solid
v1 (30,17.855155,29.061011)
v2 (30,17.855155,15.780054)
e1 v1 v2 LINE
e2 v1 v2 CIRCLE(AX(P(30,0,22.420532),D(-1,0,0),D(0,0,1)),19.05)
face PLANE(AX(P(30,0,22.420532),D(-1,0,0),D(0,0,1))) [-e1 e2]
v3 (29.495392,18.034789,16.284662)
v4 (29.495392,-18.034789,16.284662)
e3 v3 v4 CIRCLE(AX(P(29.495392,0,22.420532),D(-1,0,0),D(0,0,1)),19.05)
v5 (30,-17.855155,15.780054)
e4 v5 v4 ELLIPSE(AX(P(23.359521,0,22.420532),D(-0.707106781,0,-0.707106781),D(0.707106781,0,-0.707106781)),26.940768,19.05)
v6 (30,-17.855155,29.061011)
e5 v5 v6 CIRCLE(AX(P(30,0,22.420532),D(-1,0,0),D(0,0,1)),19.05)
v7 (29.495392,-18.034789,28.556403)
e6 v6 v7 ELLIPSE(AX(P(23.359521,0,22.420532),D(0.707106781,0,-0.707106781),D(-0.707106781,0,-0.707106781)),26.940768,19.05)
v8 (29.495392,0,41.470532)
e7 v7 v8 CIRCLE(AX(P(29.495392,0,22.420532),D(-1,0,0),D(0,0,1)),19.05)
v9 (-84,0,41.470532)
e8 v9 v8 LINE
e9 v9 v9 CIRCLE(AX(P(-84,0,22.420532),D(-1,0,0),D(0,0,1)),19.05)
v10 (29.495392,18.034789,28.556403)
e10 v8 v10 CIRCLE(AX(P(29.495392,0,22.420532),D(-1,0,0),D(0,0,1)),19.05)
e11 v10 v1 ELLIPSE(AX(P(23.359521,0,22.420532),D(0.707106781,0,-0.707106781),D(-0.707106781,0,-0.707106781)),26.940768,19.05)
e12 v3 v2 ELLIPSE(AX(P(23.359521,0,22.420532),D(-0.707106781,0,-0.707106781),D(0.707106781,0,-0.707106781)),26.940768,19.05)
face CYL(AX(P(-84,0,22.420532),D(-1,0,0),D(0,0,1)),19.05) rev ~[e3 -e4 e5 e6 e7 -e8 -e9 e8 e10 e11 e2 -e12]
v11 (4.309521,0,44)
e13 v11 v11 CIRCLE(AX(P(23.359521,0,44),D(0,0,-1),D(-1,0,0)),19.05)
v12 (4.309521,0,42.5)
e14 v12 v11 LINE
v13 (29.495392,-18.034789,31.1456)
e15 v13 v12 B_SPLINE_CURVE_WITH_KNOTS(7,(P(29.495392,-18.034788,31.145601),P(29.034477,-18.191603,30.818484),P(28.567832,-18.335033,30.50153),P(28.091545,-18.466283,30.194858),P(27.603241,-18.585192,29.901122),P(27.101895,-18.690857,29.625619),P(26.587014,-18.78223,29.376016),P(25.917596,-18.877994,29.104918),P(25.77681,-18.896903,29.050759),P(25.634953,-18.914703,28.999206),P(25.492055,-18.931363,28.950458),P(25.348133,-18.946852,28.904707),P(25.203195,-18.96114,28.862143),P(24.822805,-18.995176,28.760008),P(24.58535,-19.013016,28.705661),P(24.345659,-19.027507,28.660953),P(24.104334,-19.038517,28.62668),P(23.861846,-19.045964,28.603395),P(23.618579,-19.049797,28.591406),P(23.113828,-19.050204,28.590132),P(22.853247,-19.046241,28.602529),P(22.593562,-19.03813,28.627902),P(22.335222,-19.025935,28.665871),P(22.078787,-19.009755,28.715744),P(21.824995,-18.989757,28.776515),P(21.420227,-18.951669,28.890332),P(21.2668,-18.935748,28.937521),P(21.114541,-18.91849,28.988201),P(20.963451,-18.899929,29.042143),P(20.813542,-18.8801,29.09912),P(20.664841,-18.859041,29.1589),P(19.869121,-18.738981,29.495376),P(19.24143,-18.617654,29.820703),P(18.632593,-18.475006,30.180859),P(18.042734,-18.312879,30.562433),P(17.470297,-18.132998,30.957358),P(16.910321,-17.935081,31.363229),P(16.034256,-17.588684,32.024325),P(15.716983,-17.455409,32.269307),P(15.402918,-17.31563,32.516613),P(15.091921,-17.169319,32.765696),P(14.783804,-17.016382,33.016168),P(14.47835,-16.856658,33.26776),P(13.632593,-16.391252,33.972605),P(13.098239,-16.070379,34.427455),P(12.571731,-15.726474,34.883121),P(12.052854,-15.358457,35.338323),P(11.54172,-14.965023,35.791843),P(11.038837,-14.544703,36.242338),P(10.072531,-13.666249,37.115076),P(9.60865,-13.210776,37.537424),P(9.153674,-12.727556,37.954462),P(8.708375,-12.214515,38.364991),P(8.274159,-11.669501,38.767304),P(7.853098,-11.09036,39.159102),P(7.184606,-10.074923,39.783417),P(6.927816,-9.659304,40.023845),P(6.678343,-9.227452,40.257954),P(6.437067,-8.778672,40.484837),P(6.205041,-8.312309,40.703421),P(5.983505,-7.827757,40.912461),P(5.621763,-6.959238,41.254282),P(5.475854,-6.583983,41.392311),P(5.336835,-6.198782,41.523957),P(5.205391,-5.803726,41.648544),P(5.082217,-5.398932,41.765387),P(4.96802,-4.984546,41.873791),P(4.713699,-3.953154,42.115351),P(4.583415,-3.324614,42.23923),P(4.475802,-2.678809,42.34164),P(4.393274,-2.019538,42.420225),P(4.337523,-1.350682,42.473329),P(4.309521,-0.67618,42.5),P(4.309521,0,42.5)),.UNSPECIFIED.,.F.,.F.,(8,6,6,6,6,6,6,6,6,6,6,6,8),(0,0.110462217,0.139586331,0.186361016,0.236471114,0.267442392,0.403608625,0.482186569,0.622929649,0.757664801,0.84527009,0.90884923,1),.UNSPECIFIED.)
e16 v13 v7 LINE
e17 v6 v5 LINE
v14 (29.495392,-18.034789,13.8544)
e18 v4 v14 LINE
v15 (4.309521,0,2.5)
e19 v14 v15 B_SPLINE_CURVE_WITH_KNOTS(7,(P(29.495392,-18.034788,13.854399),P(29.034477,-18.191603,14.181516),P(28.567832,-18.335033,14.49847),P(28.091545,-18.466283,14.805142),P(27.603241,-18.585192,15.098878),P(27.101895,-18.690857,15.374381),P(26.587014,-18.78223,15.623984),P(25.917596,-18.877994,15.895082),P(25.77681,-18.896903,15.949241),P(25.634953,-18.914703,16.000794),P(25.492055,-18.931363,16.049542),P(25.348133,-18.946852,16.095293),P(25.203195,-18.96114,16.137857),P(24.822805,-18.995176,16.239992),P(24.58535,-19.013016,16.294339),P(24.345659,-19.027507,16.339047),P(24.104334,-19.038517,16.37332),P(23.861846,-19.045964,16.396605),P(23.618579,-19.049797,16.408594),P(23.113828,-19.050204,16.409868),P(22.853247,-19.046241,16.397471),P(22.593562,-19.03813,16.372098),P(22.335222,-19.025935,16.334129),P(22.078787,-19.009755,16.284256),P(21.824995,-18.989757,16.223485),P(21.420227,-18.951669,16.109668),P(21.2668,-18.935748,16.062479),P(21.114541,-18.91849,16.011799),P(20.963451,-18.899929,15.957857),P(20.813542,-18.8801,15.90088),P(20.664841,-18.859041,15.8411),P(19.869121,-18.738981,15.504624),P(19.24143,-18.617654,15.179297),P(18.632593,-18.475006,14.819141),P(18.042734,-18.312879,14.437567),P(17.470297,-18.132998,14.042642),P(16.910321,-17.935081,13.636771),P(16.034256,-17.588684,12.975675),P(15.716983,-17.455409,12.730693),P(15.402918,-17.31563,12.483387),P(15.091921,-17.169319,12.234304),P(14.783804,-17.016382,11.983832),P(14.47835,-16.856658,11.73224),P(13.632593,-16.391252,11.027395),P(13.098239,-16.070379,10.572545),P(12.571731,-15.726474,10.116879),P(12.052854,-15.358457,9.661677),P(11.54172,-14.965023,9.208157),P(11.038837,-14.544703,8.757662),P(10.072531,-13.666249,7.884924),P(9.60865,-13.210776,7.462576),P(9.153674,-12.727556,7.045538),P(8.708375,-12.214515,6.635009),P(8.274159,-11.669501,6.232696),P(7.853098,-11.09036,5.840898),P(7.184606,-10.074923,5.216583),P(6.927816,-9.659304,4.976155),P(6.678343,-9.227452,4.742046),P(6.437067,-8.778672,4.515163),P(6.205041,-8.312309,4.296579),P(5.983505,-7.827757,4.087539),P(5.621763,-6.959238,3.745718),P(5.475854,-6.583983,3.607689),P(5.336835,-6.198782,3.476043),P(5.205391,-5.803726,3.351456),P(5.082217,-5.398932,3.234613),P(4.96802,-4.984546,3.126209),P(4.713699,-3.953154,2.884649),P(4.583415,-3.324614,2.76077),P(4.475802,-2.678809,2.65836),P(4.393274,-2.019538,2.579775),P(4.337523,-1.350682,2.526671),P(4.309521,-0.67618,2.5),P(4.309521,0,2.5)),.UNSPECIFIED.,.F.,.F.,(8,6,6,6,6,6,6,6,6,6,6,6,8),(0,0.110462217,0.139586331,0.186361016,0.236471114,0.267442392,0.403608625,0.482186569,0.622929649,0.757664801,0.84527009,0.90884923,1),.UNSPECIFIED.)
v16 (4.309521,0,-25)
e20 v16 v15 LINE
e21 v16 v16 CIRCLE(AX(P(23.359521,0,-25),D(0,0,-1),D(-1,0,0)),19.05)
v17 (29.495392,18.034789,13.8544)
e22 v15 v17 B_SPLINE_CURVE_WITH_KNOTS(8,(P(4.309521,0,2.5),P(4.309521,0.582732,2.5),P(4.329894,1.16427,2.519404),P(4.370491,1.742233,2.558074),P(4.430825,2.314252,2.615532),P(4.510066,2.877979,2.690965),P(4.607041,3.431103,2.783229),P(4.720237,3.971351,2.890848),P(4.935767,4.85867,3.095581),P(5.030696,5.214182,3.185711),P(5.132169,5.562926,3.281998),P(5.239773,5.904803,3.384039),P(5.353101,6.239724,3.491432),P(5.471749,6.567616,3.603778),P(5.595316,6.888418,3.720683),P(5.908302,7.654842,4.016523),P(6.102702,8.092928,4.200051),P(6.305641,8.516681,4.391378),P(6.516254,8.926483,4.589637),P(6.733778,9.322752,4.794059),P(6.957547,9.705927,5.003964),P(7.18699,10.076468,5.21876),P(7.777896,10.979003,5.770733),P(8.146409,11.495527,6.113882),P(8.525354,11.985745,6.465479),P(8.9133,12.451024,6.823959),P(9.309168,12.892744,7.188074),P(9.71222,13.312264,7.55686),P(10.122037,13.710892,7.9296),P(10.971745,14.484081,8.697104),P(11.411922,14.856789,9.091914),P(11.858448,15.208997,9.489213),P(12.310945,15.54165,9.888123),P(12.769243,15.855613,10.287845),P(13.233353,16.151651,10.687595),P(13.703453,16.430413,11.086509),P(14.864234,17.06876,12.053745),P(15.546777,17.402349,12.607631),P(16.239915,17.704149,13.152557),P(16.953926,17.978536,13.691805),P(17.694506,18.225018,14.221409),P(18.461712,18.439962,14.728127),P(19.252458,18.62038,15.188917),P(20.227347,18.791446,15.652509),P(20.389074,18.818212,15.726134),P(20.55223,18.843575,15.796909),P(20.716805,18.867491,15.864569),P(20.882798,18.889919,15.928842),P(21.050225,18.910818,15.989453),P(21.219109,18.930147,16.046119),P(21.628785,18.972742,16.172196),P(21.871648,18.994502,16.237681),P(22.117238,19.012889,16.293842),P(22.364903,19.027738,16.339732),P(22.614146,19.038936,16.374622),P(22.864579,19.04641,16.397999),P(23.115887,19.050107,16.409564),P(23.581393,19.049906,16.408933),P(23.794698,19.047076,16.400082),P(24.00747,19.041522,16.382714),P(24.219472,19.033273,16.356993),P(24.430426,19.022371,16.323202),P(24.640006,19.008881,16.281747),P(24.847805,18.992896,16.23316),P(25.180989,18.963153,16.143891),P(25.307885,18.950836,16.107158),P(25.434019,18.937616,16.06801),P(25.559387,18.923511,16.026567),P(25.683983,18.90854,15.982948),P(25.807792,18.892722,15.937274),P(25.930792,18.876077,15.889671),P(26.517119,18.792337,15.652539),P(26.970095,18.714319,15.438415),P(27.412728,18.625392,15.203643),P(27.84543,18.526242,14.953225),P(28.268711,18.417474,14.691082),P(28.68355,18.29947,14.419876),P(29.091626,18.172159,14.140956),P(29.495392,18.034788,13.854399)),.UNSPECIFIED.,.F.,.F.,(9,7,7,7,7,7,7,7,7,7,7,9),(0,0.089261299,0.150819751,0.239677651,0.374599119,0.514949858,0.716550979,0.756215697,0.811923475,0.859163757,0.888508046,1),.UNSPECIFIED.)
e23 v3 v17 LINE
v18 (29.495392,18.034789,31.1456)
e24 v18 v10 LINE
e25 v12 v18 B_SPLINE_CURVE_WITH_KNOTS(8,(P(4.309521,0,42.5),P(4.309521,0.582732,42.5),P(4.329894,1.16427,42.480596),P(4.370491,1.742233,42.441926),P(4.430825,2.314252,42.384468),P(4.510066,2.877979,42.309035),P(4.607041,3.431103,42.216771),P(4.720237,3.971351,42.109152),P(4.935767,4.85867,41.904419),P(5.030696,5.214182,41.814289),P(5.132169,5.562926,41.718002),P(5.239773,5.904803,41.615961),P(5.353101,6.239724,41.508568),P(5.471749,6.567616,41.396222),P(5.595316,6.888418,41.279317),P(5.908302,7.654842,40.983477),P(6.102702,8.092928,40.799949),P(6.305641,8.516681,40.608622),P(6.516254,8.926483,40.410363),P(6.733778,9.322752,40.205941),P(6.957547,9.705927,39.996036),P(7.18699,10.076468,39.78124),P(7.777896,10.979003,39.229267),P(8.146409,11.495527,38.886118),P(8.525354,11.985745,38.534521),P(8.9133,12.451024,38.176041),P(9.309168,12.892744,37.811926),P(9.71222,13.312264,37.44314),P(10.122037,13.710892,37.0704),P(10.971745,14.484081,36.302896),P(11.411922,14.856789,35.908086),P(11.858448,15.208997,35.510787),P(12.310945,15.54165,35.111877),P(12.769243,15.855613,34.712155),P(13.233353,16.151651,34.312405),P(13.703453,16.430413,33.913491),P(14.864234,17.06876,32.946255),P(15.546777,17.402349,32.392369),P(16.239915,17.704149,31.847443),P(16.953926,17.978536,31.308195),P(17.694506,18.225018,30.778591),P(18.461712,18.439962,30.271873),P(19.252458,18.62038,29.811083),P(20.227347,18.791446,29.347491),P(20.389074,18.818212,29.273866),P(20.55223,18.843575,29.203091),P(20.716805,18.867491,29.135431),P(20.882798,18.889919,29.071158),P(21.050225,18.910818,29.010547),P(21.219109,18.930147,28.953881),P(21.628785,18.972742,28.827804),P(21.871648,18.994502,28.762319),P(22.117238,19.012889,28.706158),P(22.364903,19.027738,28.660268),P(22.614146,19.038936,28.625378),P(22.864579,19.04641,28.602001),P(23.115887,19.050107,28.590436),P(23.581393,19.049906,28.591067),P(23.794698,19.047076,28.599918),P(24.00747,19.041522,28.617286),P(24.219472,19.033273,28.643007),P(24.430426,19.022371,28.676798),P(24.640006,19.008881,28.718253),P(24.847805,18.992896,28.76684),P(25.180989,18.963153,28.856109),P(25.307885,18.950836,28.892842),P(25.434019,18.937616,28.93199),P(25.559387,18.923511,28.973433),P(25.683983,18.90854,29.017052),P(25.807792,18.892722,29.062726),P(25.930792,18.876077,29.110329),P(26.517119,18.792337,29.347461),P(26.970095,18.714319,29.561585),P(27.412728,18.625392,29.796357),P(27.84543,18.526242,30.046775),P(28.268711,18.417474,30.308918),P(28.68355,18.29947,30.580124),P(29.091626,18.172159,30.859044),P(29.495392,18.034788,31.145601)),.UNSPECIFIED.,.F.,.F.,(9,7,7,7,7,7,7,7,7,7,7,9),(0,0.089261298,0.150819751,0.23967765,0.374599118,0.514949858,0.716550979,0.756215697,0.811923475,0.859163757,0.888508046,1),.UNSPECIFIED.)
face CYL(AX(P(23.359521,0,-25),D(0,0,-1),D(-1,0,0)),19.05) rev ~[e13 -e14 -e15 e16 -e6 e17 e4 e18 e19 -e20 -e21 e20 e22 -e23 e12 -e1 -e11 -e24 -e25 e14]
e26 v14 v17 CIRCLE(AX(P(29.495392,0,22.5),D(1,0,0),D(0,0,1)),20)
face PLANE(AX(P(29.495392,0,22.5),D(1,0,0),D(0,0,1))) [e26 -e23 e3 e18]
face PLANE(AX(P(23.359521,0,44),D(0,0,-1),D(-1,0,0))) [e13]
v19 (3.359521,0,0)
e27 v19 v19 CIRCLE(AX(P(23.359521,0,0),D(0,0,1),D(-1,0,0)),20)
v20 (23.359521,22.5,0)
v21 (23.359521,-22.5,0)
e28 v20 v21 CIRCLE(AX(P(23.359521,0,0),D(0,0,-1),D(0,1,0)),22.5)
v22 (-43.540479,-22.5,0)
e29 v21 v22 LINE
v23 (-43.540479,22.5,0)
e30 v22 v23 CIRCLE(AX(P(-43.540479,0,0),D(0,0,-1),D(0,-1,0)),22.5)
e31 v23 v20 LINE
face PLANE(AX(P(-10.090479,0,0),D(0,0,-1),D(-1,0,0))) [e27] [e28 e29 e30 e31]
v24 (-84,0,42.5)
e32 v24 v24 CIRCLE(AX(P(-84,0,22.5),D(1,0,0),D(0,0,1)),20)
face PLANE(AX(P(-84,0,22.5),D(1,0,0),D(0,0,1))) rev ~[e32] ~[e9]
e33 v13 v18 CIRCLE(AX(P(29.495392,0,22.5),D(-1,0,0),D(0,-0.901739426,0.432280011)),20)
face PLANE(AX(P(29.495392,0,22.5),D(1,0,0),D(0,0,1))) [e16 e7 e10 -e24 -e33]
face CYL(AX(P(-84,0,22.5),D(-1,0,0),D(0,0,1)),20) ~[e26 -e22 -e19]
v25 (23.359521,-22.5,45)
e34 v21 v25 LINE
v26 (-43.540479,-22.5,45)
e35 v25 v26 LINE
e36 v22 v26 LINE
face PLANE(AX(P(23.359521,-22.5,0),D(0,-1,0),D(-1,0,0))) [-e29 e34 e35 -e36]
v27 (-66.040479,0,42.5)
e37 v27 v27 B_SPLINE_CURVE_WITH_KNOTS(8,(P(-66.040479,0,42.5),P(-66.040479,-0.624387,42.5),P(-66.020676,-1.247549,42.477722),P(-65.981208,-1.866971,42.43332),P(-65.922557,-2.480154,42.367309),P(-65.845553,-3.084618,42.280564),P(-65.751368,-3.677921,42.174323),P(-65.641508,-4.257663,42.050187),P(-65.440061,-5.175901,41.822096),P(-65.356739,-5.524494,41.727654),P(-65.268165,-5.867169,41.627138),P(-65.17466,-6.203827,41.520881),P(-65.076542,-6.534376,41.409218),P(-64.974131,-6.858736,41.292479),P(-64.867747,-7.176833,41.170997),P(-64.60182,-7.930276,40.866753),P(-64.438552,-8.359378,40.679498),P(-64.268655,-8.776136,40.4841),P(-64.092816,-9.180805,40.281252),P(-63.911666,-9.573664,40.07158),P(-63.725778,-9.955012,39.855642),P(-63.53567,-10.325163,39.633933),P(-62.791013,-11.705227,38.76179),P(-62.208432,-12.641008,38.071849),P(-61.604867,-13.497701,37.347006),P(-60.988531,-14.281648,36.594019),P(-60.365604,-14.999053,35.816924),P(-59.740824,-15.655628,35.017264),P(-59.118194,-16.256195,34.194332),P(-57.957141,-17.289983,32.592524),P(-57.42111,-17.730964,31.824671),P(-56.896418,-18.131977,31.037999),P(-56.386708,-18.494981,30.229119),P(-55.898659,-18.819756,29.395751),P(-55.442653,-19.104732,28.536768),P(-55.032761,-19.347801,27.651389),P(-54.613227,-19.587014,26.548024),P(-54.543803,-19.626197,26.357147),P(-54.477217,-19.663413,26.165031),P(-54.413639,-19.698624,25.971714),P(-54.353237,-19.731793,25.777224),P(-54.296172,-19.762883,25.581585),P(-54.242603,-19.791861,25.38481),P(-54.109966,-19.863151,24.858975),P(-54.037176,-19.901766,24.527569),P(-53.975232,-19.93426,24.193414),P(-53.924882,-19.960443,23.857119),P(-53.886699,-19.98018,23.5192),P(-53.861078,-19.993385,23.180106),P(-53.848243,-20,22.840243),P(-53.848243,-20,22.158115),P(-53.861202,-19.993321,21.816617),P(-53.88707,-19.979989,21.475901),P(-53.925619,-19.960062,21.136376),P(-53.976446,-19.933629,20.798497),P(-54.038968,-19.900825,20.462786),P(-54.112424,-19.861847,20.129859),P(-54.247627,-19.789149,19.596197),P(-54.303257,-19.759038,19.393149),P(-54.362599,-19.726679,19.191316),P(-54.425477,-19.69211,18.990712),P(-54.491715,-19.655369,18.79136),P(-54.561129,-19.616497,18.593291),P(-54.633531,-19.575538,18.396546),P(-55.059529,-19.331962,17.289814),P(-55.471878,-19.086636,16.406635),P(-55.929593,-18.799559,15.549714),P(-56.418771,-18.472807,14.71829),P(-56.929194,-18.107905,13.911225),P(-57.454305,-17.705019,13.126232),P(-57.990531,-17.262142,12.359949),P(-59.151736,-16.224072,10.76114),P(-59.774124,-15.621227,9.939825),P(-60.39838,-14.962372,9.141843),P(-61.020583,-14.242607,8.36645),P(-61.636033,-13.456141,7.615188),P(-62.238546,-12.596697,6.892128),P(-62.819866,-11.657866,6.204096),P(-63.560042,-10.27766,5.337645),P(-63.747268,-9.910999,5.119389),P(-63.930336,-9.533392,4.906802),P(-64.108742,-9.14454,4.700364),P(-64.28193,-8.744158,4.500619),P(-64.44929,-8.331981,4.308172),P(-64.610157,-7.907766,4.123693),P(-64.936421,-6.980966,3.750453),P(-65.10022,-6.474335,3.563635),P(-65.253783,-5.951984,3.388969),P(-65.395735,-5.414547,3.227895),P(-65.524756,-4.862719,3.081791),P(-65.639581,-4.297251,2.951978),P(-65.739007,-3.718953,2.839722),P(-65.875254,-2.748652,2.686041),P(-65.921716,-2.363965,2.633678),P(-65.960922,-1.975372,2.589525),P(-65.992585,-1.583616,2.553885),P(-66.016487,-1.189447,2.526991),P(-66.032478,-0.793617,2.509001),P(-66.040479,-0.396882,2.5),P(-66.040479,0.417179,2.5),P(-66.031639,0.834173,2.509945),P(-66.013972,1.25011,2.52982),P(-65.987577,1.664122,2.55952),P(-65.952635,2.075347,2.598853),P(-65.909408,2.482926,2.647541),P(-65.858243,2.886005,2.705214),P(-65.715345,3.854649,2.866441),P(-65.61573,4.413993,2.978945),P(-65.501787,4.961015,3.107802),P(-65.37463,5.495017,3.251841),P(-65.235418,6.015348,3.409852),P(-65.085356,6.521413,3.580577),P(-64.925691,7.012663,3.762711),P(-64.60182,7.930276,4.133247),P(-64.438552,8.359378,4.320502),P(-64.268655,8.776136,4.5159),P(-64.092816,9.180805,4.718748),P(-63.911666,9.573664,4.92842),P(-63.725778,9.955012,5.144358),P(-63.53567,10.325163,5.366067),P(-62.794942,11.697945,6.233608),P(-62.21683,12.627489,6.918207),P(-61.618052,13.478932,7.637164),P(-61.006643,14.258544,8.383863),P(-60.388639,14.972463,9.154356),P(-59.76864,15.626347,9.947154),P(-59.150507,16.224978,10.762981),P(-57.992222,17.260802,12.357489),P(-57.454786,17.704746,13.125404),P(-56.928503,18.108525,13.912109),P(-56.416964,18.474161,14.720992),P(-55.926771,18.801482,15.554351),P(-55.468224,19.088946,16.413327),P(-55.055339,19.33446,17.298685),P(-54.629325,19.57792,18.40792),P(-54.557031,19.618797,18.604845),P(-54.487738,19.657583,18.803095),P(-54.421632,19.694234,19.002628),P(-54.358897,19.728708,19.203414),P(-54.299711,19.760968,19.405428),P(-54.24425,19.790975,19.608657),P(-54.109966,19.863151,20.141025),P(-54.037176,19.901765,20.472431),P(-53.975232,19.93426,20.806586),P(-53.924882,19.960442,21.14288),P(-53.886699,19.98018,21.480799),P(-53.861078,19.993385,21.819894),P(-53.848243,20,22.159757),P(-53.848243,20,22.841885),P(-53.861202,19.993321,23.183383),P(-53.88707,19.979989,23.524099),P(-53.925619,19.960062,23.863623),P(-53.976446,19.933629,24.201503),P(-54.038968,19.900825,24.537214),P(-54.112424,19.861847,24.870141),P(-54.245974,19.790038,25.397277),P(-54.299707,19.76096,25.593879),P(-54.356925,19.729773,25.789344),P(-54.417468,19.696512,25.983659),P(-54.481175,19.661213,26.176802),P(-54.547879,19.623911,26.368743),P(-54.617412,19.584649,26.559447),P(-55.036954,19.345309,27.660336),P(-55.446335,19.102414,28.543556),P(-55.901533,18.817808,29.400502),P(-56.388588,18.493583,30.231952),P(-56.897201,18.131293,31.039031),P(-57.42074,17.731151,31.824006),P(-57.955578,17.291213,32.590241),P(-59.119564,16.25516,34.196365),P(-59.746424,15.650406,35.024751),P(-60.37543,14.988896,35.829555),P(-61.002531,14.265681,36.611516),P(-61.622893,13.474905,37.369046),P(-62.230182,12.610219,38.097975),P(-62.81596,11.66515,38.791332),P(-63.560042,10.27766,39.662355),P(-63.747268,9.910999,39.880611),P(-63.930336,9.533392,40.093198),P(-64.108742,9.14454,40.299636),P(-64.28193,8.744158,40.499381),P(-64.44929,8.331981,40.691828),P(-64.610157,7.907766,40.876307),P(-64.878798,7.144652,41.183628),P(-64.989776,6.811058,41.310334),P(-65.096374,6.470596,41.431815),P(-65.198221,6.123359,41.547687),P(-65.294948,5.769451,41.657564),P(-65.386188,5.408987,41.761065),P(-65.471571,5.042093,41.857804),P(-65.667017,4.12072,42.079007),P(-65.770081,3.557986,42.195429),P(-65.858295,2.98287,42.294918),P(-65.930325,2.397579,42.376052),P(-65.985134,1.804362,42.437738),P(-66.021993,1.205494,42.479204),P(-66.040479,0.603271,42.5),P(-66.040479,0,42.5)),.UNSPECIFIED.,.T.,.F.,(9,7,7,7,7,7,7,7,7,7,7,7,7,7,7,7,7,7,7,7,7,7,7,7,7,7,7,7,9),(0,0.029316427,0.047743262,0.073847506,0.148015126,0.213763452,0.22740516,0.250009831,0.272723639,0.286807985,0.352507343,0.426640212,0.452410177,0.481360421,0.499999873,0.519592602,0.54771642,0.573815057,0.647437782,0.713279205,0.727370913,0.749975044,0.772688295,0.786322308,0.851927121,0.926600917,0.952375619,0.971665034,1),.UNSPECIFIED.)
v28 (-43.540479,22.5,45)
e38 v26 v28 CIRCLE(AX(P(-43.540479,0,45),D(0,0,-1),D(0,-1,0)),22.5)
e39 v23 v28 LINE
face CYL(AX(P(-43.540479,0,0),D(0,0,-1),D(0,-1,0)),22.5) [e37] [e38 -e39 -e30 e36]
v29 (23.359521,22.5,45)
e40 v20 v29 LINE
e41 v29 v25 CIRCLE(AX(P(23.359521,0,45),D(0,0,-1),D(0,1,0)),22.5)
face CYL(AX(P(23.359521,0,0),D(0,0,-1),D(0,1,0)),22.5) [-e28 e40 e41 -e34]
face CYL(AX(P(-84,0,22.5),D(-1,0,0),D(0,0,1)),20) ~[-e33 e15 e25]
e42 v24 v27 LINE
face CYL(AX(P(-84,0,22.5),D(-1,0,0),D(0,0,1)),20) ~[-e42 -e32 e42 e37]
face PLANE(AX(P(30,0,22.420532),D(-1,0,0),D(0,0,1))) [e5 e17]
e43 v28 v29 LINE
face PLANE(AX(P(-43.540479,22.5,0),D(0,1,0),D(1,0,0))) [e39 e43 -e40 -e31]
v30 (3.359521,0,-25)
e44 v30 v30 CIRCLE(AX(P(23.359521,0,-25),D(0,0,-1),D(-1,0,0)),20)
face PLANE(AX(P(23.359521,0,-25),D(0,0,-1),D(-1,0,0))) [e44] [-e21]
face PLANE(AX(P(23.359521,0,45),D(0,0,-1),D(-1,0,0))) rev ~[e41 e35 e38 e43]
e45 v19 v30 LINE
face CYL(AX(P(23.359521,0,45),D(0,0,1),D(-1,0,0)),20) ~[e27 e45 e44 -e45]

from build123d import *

# Parameters (mm, degrees)
SALIENTE_EXTRUIR1_DEPTH      = 45
SALIENTE_EXTRUIR2_DEPTH      = 25
SALIENTE_EXTRUIR2_DEPTH_BACK = 45
CROQUIS2_R                   = 20
CROQUIS4_R                   = 19.05
CORTAR_EXTRUIR3_DEPTH        = 69
SALIENTE_EXTRUIR3_DEPTH      = 29.495391503
SALIENTE_EXTRUIR3_DEPTH_BACK = 84
CROQUIS5_R                   = 20
CROQUIS8_R                   = 19.05
CORTAR_EXTRUIR6_DEPTH        = 114


with BuildPart() as part:
    # Croquis1 → Saliente-Extruir1 (new body)
    with BuildSketch(Plane.XY):
        with BuildLine():
            Line((-43.5404787, 22.5), (23.3595213, 22.5))
            ThreePointArc((23.3595213, 22.5), (45.8595213, 0), (23.3595213, -22.5))
            Line((23.3595213, -22.5), (-43.5404787, -22.5))
            ThreePointArc((-43.5404787, -22.5), (-66.0404787, 0), (-43.5404787, 22.5))
        make_face()
    extrude(amount=SALIENTE_EXTRUIR1_DEPTH)

    # Croquis2 → Saliente-Extruir2 (add, two sides: drawn at the far end of the back side and taken through both)
    with BuildSketch(Plane(origin=(0, 0, 0), x_dir=(-1, 0, 0), z_dir=(0, 0, -1)).offset(-SALIENTE_EXTRUIR2_DEPTH_BACK)):
        with Locations((-23.3595213, 0)):
            Circle(CROQUIS2_R)
    extrude(amount=SALIENTE_EXTRUIR2_DEPTH + SALIENTE_EXTRUIR2_DEPTH_BACK)

    # Croquis4 → Cortar-Extruir3 (cut)
    with BuildSketch(Plane(origin=(0, 0, -25), x_dir=(-1, 0, 0), z_dir=(0, 0, -1))):
        with Locations((-23.3595213, 0)):
            Circle(CROQUIS4_R)
    extrude(amount=-CORTAR_EXTRUIR3_DEPTH, mode=Mode.SUBTRACT)

    # Croquis5 → Saliente-Extruir3 (add, two sides: drawn at the far end of the back side and taken through both)
    with BuildSketch(Plane(origin=(0, 0, 0), x_dir=(0, 0, -1), z_dir=(1, 0, 0)).offset(-SALIENTE_EXTRUIR3_DEPTH_BACK)):
        with Locations(Location((-22.5, 0, 0), (0, 0, 180))):
            Circle(CROQUIS5_R)
    extrude(amount=SALIENTE_EXTRUIR3_DEPTH + SALIENTE_EXTRUIR3_DEPTH_BACK)

    # Croquis8 → Cortar-Extruir6 (cut)
    with BuildSketch(Plane.ZY.offset(84)):
        with Locations((22.4205324, 0)):
            Circle(CROQUIS8_R)
    extrude(amount=-CORTAR_EXTRUIR6_DEPTH, mode=Mode.SUBTRACT)


solid = part.part
